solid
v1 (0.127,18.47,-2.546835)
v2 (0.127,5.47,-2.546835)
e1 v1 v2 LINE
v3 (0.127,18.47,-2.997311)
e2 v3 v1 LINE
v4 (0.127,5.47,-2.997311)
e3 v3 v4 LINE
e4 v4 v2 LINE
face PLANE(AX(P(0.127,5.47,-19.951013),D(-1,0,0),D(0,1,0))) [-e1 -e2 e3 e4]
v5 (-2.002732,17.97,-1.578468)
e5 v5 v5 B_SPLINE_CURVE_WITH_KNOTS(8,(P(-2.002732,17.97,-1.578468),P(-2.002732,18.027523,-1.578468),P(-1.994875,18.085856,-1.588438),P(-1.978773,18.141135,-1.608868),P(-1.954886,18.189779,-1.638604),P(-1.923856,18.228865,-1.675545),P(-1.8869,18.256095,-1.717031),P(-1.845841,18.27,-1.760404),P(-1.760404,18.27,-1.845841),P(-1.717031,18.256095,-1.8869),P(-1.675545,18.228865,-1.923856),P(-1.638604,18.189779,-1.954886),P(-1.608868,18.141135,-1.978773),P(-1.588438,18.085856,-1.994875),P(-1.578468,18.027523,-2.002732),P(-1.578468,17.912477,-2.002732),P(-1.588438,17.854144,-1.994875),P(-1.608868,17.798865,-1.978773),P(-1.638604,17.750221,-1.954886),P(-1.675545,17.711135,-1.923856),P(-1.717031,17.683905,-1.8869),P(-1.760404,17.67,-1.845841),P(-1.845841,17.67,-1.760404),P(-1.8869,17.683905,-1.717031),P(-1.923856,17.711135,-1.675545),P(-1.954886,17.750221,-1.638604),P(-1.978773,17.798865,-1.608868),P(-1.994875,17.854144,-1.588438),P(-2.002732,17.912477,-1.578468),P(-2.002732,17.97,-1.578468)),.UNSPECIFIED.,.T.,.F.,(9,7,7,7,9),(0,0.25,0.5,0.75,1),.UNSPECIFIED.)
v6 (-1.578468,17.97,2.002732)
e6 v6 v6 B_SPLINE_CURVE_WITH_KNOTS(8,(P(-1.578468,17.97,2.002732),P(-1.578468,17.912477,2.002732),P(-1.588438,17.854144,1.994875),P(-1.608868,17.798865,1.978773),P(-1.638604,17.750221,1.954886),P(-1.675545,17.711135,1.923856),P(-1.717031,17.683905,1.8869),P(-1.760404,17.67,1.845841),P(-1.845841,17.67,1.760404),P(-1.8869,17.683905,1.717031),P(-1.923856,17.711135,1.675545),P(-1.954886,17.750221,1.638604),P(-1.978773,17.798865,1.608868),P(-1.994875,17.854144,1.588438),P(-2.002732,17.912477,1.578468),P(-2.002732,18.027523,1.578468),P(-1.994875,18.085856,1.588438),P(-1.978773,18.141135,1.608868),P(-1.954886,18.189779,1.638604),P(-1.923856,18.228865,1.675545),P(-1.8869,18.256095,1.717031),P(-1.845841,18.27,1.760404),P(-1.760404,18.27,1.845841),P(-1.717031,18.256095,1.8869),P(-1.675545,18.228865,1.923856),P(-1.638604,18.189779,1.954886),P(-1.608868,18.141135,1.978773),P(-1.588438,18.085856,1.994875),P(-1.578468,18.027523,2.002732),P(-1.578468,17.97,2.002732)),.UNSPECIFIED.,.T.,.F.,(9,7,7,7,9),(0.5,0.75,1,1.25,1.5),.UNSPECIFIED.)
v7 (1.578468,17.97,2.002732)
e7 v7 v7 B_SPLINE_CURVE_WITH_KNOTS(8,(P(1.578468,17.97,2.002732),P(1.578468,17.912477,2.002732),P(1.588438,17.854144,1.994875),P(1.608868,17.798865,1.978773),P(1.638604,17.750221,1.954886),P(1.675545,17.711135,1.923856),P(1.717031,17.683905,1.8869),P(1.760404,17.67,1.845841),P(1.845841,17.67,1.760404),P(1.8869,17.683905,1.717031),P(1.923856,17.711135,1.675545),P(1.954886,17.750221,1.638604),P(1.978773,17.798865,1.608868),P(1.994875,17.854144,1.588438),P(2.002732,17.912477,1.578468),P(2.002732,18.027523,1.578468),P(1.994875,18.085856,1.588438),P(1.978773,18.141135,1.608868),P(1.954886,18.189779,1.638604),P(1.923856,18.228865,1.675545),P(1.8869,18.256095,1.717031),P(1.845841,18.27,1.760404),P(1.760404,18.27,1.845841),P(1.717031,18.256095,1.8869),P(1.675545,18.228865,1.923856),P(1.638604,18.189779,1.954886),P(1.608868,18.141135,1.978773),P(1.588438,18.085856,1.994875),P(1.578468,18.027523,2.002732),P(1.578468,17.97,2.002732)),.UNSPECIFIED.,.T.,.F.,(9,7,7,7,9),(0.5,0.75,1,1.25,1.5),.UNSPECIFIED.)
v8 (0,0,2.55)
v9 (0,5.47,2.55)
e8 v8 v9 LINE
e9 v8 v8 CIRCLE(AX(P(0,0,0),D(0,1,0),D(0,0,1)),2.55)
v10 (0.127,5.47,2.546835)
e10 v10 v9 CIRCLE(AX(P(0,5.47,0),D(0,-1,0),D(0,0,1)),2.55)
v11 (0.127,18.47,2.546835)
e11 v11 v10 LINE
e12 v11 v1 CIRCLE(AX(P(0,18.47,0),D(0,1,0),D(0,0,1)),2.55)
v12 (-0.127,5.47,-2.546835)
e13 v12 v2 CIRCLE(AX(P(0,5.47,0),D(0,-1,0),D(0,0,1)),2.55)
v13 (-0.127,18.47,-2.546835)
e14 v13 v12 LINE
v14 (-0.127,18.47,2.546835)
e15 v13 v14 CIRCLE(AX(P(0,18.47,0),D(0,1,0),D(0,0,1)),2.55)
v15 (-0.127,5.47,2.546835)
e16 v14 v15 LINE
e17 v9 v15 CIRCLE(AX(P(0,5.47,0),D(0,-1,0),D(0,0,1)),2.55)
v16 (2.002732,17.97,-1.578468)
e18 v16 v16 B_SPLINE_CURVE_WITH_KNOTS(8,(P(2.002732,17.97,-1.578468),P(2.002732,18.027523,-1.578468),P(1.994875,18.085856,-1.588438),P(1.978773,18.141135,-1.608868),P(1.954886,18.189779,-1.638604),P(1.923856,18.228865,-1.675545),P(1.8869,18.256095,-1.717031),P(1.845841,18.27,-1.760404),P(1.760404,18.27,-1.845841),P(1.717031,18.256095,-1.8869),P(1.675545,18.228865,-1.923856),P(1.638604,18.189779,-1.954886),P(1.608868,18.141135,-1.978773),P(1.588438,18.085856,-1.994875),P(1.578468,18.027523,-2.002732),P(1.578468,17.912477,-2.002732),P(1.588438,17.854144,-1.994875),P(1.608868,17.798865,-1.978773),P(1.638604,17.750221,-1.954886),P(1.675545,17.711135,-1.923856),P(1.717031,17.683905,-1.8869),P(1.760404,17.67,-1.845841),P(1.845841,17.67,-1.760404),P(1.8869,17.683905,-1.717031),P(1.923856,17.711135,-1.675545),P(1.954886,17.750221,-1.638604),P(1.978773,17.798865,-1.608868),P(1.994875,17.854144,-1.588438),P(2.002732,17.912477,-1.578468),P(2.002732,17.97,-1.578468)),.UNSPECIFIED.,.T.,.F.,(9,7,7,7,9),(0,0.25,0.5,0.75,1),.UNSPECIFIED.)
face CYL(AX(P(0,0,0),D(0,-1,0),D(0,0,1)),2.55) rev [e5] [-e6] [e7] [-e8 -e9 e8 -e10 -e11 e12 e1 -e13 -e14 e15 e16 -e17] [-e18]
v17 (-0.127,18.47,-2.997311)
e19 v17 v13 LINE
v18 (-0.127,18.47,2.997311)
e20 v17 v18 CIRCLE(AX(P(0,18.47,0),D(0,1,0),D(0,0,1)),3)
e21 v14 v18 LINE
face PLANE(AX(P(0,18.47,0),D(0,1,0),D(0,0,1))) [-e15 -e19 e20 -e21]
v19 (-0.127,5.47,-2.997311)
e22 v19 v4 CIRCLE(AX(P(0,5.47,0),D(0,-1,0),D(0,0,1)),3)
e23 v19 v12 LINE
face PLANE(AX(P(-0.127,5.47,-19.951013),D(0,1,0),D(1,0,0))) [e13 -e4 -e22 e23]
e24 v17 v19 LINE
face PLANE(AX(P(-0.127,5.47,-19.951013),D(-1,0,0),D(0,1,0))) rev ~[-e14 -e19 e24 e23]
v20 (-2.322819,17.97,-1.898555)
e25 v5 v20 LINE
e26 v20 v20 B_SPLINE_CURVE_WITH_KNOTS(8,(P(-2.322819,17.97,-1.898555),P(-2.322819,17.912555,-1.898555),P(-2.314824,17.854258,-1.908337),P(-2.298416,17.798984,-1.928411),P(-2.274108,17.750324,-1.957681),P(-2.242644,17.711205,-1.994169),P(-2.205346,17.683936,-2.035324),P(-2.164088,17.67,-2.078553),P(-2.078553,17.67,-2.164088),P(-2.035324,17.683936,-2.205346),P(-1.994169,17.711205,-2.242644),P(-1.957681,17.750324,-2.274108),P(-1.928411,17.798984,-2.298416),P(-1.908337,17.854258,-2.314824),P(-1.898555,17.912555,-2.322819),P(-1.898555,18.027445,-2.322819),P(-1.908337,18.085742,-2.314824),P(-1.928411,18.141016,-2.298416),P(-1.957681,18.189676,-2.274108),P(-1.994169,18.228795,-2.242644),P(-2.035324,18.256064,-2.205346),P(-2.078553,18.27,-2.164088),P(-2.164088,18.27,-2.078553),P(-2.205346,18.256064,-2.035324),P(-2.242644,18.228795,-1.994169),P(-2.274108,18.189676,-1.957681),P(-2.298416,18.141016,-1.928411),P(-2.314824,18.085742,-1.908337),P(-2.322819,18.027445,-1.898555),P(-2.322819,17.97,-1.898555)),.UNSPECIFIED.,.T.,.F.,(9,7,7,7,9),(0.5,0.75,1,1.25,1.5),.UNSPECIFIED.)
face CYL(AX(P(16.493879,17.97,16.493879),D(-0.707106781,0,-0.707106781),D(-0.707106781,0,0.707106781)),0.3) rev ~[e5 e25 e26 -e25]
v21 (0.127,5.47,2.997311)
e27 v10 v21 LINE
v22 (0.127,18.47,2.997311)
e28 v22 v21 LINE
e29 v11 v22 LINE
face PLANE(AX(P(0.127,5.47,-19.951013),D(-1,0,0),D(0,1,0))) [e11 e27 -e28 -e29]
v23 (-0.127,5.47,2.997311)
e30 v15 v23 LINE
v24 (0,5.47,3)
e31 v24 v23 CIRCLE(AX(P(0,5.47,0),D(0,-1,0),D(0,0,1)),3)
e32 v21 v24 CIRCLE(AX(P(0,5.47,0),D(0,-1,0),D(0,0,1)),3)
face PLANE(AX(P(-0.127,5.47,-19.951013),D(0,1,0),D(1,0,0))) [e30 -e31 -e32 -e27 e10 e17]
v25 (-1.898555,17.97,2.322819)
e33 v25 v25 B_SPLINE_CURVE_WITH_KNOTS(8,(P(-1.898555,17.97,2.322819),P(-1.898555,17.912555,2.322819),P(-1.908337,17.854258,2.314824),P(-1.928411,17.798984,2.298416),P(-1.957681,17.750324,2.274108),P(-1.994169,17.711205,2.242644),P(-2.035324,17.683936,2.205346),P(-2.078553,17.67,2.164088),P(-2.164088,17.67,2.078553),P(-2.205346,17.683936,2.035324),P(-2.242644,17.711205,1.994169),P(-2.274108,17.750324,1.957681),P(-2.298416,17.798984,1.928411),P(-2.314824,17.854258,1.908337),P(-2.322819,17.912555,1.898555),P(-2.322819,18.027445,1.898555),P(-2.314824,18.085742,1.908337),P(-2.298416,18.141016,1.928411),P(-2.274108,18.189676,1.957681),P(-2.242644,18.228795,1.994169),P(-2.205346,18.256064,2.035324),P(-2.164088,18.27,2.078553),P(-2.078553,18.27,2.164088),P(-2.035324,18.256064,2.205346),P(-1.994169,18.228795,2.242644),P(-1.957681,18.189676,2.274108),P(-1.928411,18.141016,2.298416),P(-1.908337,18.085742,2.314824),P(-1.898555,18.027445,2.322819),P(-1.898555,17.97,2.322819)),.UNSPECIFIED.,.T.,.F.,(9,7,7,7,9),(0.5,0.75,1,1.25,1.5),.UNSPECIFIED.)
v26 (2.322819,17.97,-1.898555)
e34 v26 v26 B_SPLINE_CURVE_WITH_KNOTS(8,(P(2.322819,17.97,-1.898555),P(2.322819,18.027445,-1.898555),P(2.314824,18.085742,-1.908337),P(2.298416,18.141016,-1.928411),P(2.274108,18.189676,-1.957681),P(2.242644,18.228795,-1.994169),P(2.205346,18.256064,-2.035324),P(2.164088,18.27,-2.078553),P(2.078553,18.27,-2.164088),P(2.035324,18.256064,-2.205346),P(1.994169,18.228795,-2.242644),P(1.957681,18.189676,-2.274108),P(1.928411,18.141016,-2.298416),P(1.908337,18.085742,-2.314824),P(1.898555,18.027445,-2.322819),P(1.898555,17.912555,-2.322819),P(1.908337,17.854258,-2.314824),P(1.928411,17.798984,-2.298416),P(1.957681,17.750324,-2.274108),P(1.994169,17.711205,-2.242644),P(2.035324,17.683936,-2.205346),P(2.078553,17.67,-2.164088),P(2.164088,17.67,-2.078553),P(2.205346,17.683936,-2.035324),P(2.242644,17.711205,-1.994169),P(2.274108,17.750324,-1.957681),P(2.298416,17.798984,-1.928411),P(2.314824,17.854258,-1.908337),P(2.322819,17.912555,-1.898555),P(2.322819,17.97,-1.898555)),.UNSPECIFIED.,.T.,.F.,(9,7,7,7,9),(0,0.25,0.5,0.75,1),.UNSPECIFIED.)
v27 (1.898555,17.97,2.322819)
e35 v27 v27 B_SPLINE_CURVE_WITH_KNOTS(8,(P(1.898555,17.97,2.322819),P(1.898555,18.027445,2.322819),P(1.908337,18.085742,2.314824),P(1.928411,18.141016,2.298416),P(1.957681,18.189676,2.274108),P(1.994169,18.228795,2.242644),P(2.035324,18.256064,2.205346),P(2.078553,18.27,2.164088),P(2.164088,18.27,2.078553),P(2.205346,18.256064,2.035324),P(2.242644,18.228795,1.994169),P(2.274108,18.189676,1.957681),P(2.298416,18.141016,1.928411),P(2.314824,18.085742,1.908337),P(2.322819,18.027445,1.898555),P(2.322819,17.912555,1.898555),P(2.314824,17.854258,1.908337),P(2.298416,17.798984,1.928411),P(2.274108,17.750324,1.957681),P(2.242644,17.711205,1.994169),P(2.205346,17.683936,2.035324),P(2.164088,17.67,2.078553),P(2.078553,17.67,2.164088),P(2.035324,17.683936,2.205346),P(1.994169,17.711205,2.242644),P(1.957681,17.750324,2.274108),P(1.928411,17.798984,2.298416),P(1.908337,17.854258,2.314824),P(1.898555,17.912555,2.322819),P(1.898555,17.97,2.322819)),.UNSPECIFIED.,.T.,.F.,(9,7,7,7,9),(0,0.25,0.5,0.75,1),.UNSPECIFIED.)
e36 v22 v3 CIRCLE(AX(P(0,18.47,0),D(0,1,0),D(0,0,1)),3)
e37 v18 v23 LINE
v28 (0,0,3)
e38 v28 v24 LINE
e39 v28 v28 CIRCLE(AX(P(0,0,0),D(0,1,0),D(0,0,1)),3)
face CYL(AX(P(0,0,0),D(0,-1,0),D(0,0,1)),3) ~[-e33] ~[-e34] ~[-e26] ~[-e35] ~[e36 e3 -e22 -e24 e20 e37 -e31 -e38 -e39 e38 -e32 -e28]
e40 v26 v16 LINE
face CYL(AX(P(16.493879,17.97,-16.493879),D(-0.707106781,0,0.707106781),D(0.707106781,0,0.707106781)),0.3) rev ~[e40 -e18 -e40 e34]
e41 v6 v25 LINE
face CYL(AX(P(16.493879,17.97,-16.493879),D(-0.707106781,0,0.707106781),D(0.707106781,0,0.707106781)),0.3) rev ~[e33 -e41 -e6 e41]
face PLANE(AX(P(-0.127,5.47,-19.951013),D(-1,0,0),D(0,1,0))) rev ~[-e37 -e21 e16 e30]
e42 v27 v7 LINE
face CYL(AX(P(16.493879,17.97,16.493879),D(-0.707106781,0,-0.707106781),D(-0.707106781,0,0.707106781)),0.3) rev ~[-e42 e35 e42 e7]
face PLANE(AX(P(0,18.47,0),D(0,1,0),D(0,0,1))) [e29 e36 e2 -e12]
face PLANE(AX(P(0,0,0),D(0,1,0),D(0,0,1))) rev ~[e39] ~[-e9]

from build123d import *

# Parameters (mm, degrees)
SKETCH1_R                            = 3
SKETCH1_R_2                          = 2.55
BOSS_EXTRUDE1_DEPTH                  = 18.47
CUT_EXTRUDE1_DEPTH                   = 19.951013166
CUT_EXTRUDE1_DEPTH_BACK              = 19.951013166
SKETCH2_W                            = 0.254
SKETCH2_H                            = 13
F_0_6_0_6_DIAMETER_HOLE1_D           = 0.6
F_0_6_0_6_DIAMETER_HOLE1_ON_FACE_2_D = 0.6
F_0_6_0_6_DIAMETER_HOLE1_ON_FACE_3_D = 0.6
F_0_6_0_6_DIAMETER_HOLE1_ON_FACE_4_D = 0.6


with BuildPart() as part:
    # Sketch1 → Boss-Extrude1 (new body)
    with BuildSketch(Plane(origin=(0, 0, 0), x_dir=(1, 0, 0), z_dir=(0, 1, 0))):
        with Locations(Location((0, 0, 0), (0, 0, 270))):
            Circle(SKETCH1_R)
        with Locations(Location((0, 0, 0), (0, 0, 270))):
            Circle(SKETCH1_R_2, mode=Mode.SUBTRACT)
    extrude(amount=BOSS_EXTRUDE1_DEPTH)

    # Sketch2 → Cut-Extrude1 (cut, two sides: drawn at the far end of the back side and taken through both)
    with BuildSketch(Plane.XY.offset(-CUT_EXTRUDE1_DEPTH_BACK)):
        with Locations((0, 11.97)):
            Rectangle(SKETCH2_W, SKETCH2_H)
    extrude(amount=CUT_EXTRUDE1_DEPTH + CUT_EXTRUDE1_DEPTH_BACK, mode=Mode.SUBTRACT)

    # Ø0.6 (0.6) Diameter Hole1 (through all)
    with Locations(Plane(origin=(2.121320344, 17.97, 2.121320344), x_dir=(0.707106781187, 0, -0.707106781187), z_dir=(0.707106781187, 0, 0.707106781187))):
        with Locations((0, 0)):
            Hole(F_0_6_0_6_DIAMETER_HOLE1_D / 2)

    # Ø0.6 (0.6) Diameter Hole1 on face 2 (through all)
    with Locations(Plane(origin=(2.121320344, 17.97, -2.121320344), x_dir=(-0.707106781187, 0, -0.707106781187), z_dir=(0.707106781187, 0, -0.707106781187))):
        with Locations((0, 0)):
            Hole(F_0_6_0_6_DIAMETER_HOLE1_ON_FACE_2_D / 2)

    # Ø0.6 (0.6) Diameter Hole1 on face 3 (through all)
    with Locations(Plane(origin=(-2.121320344, 17.97, 2.121320344), x_dir=(0.707106781187, 0, 0.707106781187), z_dir=(-0.707106781187, 0, 0.707106781187))):
        with Locations((0, 0)):
            Hole(F_0_6_0_6_DIAMETER_HOLE1_ON_FACE_3_D / 2)

    # Ø0.6 (0.6) Diameter Hole1 on face 4 (through all)
    with Locations(Plane(origin=(-2.121320344, 17.97, -2.121320344), x_dir=(-0.707106781187, 0, 0.707106781187), z_dir=(-0.707106781187, 0, -0.707106781187))):
        with Locations((0, 0)):
            Hole(F_0_6_0_6_DIAMETER_HOLE1_ON_FACE_4_D / 2)


solid = part.part
